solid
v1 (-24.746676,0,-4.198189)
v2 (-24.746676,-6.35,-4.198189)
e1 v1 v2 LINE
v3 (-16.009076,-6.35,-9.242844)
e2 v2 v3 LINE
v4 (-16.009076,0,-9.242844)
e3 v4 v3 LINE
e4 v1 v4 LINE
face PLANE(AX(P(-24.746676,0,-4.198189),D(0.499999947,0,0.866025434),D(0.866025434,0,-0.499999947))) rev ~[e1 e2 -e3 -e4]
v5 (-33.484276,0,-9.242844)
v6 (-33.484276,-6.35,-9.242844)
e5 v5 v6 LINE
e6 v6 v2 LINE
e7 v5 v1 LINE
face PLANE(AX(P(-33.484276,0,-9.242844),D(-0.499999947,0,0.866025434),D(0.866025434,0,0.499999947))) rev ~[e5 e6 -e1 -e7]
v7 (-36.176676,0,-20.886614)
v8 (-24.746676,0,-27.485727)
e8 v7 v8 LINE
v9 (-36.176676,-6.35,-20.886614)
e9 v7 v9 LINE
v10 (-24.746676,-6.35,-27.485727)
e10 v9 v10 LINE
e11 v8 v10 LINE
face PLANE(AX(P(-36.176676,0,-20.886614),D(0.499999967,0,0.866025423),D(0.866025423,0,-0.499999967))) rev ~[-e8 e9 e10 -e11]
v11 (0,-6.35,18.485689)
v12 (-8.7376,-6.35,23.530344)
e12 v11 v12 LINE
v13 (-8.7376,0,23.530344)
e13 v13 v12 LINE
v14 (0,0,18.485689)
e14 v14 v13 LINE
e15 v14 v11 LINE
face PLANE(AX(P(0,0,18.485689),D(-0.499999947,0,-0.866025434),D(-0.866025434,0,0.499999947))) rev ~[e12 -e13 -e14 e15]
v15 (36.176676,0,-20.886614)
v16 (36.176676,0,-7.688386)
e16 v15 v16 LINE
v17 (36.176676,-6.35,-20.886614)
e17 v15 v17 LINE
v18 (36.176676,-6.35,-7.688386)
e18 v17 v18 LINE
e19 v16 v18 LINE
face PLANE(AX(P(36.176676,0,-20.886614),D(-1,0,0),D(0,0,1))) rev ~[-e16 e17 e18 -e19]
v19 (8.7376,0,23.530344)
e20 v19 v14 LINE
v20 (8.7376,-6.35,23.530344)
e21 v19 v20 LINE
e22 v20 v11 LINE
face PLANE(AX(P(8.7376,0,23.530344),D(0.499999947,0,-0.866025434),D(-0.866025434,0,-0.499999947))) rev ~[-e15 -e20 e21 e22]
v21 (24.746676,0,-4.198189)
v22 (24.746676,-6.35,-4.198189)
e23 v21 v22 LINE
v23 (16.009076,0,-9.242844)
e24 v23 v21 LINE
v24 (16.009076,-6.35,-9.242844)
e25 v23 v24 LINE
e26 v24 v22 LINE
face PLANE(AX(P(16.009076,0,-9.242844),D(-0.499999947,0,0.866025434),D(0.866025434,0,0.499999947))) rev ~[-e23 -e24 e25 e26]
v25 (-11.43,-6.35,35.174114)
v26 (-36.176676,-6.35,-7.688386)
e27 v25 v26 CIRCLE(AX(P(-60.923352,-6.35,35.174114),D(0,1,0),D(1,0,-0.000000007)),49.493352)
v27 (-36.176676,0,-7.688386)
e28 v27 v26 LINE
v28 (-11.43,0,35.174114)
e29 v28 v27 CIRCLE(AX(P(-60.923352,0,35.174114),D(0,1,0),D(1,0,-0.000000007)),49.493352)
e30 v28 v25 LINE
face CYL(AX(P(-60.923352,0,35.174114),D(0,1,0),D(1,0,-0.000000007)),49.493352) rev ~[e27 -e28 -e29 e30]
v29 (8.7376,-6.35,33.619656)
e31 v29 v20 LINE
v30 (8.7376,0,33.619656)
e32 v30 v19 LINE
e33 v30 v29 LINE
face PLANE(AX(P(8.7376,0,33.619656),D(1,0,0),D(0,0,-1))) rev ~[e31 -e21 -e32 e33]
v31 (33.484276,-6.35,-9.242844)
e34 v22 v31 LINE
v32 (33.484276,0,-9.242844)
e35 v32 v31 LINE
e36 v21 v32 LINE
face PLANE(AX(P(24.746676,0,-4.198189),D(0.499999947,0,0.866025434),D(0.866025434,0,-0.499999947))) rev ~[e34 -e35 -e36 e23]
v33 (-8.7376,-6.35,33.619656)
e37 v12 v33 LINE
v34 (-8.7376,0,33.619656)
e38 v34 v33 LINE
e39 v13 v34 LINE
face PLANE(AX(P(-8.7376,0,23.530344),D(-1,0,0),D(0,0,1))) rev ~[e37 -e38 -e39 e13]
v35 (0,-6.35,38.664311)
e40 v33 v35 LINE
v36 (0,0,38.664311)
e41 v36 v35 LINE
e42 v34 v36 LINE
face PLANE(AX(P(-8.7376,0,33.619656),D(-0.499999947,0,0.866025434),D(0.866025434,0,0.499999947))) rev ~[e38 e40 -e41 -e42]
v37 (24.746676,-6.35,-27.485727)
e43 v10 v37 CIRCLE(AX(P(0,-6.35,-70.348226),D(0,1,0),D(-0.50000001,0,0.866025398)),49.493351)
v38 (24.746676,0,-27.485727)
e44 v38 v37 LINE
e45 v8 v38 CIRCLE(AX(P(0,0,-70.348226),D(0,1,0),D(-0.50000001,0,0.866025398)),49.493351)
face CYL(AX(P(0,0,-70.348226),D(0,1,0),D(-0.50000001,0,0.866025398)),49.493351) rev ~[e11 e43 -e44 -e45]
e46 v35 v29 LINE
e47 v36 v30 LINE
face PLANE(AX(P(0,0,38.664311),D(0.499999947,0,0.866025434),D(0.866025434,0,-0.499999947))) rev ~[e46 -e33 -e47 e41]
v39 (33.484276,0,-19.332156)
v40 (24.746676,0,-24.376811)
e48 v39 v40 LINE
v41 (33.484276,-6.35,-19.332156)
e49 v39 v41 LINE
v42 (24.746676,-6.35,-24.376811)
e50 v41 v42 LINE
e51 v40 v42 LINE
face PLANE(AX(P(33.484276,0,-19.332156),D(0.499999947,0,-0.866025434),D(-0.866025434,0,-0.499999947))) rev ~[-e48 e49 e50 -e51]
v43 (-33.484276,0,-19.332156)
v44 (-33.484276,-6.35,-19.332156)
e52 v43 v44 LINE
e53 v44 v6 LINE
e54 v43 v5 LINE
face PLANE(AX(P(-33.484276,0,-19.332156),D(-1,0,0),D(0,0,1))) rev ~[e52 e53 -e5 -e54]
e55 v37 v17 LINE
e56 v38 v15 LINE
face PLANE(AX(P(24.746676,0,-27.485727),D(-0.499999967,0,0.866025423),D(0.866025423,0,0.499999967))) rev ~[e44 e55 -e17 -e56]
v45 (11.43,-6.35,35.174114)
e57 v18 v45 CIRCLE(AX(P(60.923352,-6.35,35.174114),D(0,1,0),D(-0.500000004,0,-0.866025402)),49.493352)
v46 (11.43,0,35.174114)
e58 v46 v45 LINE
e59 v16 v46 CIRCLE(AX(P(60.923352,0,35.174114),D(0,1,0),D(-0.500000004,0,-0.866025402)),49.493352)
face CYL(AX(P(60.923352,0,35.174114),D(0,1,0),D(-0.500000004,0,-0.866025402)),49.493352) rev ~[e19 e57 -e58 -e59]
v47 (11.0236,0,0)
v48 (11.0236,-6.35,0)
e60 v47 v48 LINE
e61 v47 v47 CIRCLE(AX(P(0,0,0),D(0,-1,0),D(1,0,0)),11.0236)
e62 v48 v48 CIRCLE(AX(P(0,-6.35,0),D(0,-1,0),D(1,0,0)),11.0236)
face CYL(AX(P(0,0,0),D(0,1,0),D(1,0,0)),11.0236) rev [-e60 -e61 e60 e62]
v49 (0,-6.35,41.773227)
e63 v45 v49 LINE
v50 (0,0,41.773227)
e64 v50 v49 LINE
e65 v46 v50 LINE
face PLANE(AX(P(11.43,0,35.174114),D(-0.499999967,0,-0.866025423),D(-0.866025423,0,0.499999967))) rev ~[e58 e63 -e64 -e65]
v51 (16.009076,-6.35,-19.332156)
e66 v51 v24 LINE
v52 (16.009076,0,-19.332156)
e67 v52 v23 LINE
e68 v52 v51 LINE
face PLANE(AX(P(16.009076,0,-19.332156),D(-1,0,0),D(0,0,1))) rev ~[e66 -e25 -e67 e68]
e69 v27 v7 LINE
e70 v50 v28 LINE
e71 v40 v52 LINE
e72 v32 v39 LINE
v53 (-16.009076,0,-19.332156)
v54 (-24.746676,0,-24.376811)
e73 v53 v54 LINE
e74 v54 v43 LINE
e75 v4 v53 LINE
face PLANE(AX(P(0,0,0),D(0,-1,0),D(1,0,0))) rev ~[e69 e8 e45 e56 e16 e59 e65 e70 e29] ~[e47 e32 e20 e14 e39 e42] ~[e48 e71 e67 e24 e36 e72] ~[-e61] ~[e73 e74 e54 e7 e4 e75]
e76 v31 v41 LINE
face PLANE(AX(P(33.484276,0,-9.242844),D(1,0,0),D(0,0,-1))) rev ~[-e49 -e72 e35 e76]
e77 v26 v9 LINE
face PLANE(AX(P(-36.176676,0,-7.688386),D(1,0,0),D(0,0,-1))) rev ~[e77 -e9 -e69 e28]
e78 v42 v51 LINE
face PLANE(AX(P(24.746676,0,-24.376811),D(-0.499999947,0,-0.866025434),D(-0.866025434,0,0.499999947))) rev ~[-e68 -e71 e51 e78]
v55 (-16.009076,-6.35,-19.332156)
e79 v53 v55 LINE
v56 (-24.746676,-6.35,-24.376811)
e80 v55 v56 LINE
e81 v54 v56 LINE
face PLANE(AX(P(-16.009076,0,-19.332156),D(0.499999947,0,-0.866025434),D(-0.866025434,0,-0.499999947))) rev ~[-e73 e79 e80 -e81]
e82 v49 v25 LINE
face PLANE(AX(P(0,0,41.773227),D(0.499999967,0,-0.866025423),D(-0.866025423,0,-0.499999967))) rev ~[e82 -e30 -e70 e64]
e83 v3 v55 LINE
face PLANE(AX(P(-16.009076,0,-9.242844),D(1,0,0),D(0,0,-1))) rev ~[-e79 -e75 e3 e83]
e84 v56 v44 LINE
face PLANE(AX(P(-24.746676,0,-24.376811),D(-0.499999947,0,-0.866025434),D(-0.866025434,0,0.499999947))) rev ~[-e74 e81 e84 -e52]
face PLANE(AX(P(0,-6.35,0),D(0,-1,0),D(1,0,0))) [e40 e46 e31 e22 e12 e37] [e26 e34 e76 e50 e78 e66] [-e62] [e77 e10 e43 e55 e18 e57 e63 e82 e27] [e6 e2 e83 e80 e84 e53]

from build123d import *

# Parameters (mm, degrees)
F0_R     = 14.2875
F0_R_2   = 11.0236
F1_DEPTH = 6.35


with BuildPart() as f1:
    # F0 (on Front) → F1 (new body)
    with BuildSketch(Plane.XZ):
        with BuildLine():
            Line((0, 15.376773), (-11.43, 21.975886))
            Line((-11.43, 21.975886), (-11.43, 35.174114))
            ThreePointArc((-11.43, 35.174114), (-18.060852, 10.427438), (-36.176676, -7.688386))
            Line((-36.176676, -7.688386), (-24.746676, -1.089273))
            Line((-24.746676, -1.089273), (-13.316676, -7.688386))
            Line((-13.316676, -7.688386), (-13.316676, -20.886614))
            Line((-13.316676, -20.886614), (-24.746676, -27.485727))
            ThreePointArc((-24.746676, -27.485727), (0, -20.854875), (24.746676, -27.485727))
            Line((24.746676, -27.485727), (13.316676, -20.886614))
            Line((13.316676, -20.886614), (13.316676, -7.688386))
            Line((13.316676, -7.688386), (24.746676, -1.089273))
            Line((24.746676, -1.089273), (36.176676, -7.688386))
            ThreePointArc((36.176676, -7.688386), (18.060852, 10.427438), (11.43, 35.174114))
            Line((11.43, 35.174114), (11.43, 21.975886))
            Line((11.43, 21.975886), (0, 15.376773))
        make_face()
        Circle(F0_R, mode=Mode.SUBTRACT)
        Polygon((-11.43, 35.174114), (-11.43, 21.975886), (0, 15.376773), (11.43, 21.975886), (11.43, 35.174114), (0, 41.773227), align=None)
        Polygon((0, 18.485689), (-8.7376, 23.530344), (-8.7376, 33.619656), (0, 38.664311), (8.7376, 33.619656), (8.7376, 23.530344), align=None, mode=Mode.SUBTRACT)
        Polygon((-24.746676, -1.089273), (-36.176676, -7.688386), (-36.176676, -20.886614), (-24.746676, -27.485727), (-13.316676, -20.886614), (-13.316676, -7.688386), align=None)
        Polygon((-24.746676, -4.198189), (-16.009076, -9.242844), (-16.009076, -19.332156), (-24.746676, -24.376811), (-33.484276, -19.332156), (-33.484276, -9.242844), align=None, mode=Mode.SUBTRACT)
        Polygon((36.176676, -20.886614), (36.176676, -7.688386), (24.746676, -1.089273), (13.316676, -7.688386), (13.316676, -20.886614), (24.746676, -27.485727), align=None)
        Polygon((16.009076, -19.332156), (16.009076, -9.242844), (24.746676, -4.198189), (33.484276, -9.242844), (33.484276, -19.332156), (24.746676, -24.376811), align=None, mode=Mode.SUBTRACT)
        Circle(F0_R)
        Circle(F0_R_2, mode=Mode.SUBTRACT)
    extrude(amount=F1_DEPTH)


solid = f1.part
